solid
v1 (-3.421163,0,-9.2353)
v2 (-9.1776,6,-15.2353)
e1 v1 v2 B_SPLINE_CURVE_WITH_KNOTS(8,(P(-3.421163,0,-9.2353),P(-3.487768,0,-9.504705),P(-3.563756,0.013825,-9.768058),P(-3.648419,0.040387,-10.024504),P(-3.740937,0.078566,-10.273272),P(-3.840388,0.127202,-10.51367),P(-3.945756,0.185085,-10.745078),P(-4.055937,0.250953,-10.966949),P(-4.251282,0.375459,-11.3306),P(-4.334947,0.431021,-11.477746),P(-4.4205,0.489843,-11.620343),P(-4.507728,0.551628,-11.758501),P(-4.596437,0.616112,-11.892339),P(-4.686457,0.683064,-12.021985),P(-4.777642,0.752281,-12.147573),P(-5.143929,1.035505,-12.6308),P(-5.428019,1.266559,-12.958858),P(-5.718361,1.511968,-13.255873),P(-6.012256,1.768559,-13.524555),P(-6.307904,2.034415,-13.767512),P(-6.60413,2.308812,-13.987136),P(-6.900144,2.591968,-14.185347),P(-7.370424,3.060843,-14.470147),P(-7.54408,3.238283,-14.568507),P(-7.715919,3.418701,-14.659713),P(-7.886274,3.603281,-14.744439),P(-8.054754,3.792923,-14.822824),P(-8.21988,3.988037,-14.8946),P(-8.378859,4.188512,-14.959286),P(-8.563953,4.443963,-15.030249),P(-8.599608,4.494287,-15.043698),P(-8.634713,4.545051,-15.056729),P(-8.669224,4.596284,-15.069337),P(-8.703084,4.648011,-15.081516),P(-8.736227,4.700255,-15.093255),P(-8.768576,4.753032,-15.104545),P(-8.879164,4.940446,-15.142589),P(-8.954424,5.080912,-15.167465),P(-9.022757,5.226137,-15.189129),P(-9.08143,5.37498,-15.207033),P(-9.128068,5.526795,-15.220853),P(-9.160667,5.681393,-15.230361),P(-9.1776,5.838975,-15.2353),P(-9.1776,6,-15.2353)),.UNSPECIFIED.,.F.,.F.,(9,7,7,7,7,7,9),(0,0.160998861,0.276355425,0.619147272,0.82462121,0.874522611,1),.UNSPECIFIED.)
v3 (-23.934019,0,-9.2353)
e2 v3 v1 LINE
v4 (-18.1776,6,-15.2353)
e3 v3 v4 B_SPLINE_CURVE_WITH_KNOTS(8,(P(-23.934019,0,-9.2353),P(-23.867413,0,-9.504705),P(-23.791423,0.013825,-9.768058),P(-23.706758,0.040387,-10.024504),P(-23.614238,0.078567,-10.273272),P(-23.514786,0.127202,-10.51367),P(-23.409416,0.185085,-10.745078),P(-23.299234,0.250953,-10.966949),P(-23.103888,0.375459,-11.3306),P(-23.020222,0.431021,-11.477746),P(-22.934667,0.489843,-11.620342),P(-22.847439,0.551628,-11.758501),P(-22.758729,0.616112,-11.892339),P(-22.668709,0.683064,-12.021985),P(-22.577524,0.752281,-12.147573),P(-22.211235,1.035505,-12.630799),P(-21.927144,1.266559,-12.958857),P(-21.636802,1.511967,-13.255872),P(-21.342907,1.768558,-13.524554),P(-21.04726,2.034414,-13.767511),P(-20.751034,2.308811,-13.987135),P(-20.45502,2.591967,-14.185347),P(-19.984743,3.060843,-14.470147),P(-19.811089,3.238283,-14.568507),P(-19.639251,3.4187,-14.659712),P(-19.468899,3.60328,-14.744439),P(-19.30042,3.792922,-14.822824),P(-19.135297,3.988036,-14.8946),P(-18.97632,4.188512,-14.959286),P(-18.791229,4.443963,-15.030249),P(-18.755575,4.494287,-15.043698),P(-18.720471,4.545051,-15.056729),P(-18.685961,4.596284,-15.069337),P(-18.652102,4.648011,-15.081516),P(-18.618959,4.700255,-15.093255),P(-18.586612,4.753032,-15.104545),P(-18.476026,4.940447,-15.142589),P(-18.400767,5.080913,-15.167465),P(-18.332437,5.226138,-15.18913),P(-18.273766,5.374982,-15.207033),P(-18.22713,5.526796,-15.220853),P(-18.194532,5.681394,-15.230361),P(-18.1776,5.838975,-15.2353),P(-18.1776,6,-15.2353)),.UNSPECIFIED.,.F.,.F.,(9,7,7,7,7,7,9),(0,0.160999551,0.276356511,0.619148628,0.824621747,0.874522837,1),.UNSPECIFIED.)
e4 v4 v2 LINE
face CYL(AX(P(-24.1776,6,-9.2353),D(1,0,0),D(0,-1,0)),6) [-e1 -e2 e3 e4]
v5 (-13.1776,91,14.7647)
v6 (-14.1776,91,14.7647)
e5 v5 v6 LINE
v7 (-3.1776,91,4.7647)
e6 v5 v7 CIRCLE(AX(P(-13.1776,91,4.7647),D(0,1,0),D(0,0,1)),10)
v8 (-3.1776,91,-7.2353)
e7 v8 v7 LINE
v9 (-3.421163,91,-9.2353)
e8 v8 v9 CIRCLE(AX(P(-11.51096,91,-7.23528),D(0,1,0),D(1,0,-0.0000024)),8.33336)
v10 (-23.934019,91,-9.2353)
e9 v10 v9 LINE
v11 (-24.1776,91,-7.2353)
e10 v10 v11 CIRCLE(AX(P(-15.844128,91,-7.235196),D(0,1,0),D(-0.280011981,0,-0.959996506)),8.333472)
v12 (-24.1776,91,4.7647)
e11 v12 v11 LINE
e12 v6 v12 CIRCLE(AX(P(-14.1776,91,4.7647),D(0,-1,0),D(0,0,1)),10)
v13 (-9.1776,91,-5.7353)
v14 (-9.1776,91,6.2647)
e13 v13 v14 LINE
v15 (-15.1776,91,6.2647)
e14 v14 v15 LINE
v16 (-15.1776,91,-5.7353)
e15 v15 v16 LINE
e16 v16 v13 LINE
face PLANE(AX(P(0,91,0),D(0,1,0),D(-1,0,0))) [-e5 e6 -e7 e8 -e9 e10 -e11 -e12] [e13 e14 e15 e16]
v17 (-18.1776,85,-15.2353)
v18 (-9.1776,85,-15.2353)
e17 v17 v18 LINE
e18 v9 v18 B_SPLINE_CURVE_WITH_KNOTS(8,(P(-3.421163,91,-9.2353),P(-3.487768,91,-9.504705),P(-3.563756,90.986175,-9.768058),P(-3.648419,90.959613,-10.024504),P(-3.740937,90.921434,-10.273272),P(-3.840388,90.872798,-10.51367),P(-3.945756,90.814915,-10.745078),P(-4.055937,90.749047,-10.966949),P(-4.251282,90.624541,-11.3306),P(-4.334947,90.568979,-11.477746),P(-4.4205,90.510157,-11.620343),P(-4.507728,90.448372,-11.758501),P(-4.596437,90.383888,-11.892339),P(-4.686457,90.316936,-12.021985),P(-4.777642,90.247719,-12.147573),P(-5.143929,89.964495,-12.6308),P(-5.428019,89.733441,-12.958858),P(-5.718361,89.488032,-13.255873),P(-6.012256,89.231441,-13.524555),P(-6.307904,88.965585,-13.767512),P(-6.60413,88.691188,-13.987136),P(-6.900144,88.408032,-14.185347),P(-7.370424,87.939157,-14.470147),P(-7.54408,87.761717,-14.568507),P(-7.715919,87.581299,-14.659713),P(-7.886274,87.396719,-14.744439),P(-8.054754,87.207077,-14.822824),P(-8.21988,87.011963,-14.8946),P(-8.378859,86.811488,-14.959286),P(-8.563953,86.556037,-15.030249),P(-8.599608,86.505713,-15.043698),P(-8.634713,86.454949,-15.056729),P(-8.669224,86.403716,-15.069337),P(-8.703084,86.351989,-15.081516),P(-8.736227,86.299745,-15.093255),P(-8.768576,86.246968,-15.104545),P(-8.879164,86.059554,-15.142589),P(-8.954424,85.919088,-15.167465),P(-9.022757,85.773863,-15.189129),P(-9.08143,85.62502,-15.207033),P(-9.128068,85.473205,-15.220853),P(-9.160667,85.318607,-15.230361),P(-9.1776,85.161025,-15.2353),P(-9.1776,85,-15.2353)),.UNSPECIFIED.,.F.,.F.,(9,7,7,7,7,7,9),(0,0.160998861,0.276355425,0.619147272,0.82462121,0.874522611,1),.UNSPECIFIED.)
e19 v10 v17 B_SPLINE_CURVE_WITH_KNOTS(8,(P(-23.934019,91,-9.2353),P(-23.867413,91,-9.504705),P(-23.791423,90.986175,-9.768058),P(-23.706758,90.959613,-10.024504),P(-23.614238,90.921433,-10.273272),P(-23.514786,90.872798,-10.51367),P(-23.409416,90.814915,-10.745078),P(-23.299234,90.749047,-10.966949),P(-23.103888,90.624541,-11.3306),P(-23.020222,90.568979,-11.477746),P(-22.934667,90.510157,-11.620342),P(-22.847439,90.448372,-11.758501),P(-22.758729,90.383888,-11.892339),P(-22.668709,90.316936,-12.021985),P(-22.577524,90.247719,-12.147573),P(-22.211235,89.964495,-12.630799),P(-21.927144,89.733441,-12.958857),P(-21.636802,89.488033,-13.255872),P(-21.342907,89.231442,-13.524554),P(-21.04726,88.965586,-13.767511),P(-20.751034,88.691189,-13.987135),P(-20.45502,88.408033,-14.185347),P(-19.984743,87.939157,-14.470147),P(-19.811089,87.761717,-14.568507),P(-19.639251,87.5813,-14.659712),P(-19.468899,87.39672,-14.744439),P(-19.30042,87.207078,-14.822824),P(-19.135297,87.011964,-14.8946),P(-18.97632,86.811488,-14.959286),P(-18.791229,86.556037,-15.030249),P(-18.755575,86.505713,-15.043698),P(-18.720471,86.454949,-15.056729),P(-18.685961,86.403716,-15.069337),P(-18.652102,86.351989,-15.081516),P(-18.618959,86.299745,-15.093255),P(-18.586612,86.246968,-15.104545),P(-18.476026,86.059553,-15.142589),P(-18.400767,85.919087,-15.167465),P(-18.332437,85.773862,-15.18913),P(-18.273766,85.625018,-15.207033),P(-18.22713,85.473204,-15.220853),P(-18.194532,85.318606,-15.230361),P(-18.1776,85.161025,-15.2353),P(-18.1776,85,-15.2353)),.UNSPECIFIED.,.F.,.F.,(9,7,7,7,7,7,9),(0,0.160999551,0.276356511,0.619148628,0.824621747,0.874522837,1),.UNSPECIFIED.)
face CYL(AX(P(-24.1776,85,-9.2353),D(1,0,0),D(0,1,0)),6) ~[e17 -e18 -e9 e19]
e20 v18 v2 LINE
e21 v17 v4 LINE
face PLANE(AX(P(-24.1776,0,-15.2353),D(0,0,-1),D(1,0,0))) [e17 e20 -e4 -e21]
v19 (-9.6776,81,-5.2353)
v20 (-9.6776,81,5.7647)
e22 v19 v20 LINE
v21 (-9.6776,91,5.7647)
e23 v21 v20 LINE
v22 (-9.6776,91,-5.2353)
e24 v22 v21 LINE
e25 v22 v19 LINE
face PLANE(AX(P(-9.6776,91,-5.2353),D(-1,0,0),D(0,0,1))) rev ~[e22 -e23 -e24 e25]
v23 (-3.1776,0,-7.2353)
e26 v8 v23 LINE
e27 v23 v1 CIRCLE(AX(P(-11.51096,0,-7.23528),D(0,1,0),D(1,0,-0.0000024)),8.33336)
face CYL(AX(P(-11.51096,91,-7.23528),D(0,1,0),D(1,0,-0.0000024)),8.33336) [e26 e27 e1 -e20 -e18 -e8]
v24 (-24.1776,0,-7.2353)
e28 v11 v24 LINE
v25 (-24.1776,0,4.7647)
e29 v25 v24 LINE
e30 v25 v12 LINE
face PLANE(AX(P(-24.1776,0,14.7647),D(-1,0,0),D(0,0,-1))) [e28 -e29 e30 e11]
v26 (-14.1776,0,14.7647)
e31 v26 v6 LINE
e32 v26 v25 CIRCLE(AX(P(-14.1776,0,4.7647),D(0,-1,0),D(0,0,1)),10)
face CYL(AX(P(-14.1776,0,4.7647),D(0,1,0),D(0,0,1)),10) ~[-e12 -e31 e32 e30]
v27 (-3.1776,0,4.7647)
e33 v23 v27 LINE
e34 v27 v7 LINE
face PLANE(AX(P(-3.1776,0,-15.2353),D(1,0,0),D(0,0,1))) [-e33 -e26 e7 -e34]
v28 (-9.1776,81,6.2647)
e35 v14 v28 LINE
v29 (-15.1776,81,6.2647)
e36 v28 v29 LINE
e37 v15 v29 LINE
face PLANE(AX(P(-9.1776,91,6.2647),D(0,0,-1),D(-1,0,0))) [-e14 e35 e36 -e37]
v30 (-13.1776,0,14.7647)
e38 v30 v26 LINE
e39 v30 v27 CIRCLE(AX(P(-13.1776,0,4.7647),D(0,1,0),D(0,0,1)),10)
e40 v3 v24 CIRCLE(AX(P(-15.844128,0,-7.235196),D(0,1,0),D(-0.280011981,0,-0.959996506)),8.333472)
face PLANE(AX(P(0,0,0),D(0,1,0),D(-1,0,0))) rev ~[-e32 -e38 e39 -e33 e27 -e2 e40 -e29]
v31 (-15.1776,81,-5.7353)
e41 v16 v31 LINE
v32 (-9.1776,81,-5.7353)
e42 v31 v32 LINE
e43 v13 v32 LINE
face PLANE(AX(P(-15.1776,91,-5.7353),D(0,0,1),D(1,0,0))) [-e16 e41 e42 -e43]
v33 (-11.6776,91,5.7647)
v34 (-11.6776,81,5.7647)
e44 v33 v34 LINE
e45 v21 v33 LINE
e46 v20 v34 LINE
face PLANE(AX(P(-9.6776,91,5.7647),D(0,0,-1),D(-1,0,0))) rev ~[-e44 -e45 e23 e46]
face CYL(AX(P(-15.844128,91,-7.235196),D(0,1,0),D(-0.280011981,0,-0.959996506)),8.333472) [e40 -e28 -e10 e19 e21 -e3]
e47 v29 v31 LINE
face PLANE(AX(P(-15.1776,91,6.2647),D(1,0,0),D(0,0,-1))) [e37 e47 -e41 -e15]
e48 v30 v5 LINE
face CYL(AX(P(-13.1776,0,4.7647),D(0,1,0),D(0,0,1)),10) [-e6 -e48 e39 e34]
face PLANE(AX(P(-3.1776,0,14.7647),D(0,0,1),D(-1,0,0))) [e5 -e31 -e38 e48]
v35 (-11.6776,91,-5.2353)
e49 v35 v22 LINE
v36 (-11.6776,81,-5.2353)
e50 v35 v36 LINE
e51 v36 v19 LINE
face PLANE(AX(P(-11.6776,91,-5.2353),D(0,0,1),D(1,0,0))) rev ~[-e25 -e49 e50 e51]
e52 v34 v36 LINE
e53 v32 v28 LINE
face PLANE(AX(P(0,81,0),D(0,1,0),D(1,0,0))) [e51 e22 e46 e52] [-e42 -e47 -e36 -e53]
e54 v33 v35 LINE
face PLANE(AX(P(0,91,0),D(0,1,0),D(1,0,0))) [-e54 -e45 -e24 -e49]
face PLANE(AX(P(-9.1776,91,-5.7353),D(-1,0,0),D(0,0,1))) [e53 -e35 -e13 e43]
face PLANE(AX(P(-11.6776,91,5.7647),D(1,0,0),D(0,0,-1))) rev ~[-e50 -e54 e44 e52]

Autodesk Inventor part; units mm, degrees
ref_plane "YZ Plane" through (0, 0, 0) normal (1, 0, 0) x (0, 1, 0)
ref_plane "XZ Plane" through (0, 0, 0) normal (0, 1, 0) x (-1, 0, 0)
ref_plane "XY Plane" through (0, 0, 0) normal (0, 0, 1) x (1, 0, 0)
sketch "Sketch1" plane through (0, 0, 0) normal (0, 1, 0) x (-1, 0, 0)
  line L0 (3.1776, 14.7647) -> (24.1776, 14.7647)
  line L1 (24.1776, 14.7647) -> (24.1776, -15.2353)
  line L2 (24.1776, -15.2353) -> (3.1776, -15.2353)
  line L3 (3.1776, -15.2353) -> (3.1776, 14.7647)
  dimension "d4" = 30
  dimension "d5" = 21
extrude "Extrusion1" add sketch "Sketch1" along normal blind 91
fillet "Fillet1" radius 10 2 edges at (-3.1776, 45.5, 14.7647) (-24.1776, 45.5, 14.7647)
fillet "Fillet2" radius 6 2 edges at (-13.6776, 91, -15.2353) (-13.6776, 0, -15.2353)
sketch "Sketch2" plane through (0, 91, 0) normal (0, 1, 0) x (1, 0, 0)
  line L0 (-3.1776, 15.2353) -> (-3.1776, 7.2353)
  line L1 (-24.1776, 7.2353) -> (-24.1776, 15.2353)
  line L2 (-9.1776, 15.2353) -> (-3.1776, 15.2353)
  line L3 (-3.1776, 15.2353) -> (-3.1776, 7.2353)
  line L4 (-3.1776, 7.2353) -> (1.8224, 7.2353) construction
  arc A0 (-3.1776, 7.2353) -> (-9.1776, 15.2353) centre (-11.5109, 7.2353) ccw
  line L5 (-24.1776, 15.2353) -> (-18.1776, 15.2353)
  line L6 (-24.1776, 7.2353) -> (-24.1776, 15.2353)
  arc A1 (-18.1776, 15.2353) -> (-24.1776, 7.2353) centre (-15.8442, 7.2353) ccw
  line L7 (-24.1776, 15.2353) -> (-18.1776, 15.2353)
  line L8 (-3.1776, 15.2353) -> (-9.1776, 15.2353)
  point P0 (0, 0)
  dimension "d10" = 21
  dimension "d11" = 8
  dimension "d12" = 6
  dimension "d20" = 8
  dimension "d21" = 6
extrude "Extrusion3" cut sketch "Sketch2" against normal up to next
sketch "Sketch3" plane through (0, 91, 0) normal (0, 1, 0) x (1, 0, 0)
  line L0 (-9.1776, -6.2647) -> (-15.1776, -6.2647)
  line L1 (-15.1776, -6.2647) -> (-15.1776, 5.7353)
  line L2 (-15.1776, 5.7353) -> (-9.1776, 5.7353)
  line L3 (-9.1776, 5.7353) -> (-9.1776, -6.2647)
  line L4 (-3.1776, -4.7647) -> (-3.1776, 7.2353) projected
  line L5 (-14.1776, -14.7647) -> (-13.1776, -14.7647) projected
  point P0 (0, 0)
  dimension "d24" = 6
  dimension "d25" = 12
  dimension "d26" = 6
  dimension "d27" = 8.5
sketch "Sketch4" plane through (0, 91, 0) normal (0, 1, 0) x (1, 0, 0)
  line L0 (-9.6776, -5.7647) -> (-11.6776, -5.7647)
  line L1 (-11.6776, -5.7647) -> (-11.6776, 5.2353)
  line L2 (-11.6776, 5.2353) -> (-9.6776, 5.2353)
  line L3 (-9.6776, 5.2353) -> (-9.6776, -5.7647)
  line L4 (-3.1776, -4.7647) -> (-3.1776, 7.2353) projected
  line L5 (-14.1776, -14.7647) -> (-13.1776, -14.7647) projected
  point P0 (0, 0)
  dimension "d28" = 2
  dimension "d29" = 11
  dimension "d30" = 6.5
  dimension "d31" = 9
extrude "Extrusion4" cut sketch "Sketch3" against normal blind 10
extrude "Extrusion5" add sketch "Sketch4" against normal blind 10
sketch "Sketch5" plane through (0, 91, 0) normal (0, 1, 0) x (1, 0, 0)
  arc A0 (-13.1776, -14.7647) -> (-3.1776, -4.7647) centre (-13.1776, -4.7647) ccw projected
  line L0 (-14.1776, -14.7647) -> (-13.1776, -14.7647) projected
  arc A1 (-24.1776, -4.7647) -> (-14.1776, -14.7647) centre (-14.1776, -4.7647) ccw projected
  line L1 (-24.1776, 7.2353) -> (-24.1776, -4.7647) projected
  arc A2 (-23.934, 9.2353) -> (-24.1776, 7.2353) centre (-15.8442, 7.2353) ccw projected
  line L2 (-9.1776, 15.2353) -> (-18.1776, 15.2353) projected
  arc A3 (-3.1776, 7.2353) -> (-3.4211, 9.2353) centre (-11.5109, 7.2353) ccw projected
  line L3 (-3.1776, -4.7647) -> (-3.1776, 7.2353) projected
  line L4 (-9.1776, -6.2647) -> (-15.1776, -6.2647) projected
  line L5 (-9.1776, 5.7353) -> (-9.1776, -6.2647) projected
  line L6 (-15.1776, 5.7353) -> (-9.1776, 5.7353) projected
  line L7 (-15.1776, -6.2647) -> (-15.1776, 5.7353) projected
  point P0 (0, 0)
properties part number "Powerbank"
